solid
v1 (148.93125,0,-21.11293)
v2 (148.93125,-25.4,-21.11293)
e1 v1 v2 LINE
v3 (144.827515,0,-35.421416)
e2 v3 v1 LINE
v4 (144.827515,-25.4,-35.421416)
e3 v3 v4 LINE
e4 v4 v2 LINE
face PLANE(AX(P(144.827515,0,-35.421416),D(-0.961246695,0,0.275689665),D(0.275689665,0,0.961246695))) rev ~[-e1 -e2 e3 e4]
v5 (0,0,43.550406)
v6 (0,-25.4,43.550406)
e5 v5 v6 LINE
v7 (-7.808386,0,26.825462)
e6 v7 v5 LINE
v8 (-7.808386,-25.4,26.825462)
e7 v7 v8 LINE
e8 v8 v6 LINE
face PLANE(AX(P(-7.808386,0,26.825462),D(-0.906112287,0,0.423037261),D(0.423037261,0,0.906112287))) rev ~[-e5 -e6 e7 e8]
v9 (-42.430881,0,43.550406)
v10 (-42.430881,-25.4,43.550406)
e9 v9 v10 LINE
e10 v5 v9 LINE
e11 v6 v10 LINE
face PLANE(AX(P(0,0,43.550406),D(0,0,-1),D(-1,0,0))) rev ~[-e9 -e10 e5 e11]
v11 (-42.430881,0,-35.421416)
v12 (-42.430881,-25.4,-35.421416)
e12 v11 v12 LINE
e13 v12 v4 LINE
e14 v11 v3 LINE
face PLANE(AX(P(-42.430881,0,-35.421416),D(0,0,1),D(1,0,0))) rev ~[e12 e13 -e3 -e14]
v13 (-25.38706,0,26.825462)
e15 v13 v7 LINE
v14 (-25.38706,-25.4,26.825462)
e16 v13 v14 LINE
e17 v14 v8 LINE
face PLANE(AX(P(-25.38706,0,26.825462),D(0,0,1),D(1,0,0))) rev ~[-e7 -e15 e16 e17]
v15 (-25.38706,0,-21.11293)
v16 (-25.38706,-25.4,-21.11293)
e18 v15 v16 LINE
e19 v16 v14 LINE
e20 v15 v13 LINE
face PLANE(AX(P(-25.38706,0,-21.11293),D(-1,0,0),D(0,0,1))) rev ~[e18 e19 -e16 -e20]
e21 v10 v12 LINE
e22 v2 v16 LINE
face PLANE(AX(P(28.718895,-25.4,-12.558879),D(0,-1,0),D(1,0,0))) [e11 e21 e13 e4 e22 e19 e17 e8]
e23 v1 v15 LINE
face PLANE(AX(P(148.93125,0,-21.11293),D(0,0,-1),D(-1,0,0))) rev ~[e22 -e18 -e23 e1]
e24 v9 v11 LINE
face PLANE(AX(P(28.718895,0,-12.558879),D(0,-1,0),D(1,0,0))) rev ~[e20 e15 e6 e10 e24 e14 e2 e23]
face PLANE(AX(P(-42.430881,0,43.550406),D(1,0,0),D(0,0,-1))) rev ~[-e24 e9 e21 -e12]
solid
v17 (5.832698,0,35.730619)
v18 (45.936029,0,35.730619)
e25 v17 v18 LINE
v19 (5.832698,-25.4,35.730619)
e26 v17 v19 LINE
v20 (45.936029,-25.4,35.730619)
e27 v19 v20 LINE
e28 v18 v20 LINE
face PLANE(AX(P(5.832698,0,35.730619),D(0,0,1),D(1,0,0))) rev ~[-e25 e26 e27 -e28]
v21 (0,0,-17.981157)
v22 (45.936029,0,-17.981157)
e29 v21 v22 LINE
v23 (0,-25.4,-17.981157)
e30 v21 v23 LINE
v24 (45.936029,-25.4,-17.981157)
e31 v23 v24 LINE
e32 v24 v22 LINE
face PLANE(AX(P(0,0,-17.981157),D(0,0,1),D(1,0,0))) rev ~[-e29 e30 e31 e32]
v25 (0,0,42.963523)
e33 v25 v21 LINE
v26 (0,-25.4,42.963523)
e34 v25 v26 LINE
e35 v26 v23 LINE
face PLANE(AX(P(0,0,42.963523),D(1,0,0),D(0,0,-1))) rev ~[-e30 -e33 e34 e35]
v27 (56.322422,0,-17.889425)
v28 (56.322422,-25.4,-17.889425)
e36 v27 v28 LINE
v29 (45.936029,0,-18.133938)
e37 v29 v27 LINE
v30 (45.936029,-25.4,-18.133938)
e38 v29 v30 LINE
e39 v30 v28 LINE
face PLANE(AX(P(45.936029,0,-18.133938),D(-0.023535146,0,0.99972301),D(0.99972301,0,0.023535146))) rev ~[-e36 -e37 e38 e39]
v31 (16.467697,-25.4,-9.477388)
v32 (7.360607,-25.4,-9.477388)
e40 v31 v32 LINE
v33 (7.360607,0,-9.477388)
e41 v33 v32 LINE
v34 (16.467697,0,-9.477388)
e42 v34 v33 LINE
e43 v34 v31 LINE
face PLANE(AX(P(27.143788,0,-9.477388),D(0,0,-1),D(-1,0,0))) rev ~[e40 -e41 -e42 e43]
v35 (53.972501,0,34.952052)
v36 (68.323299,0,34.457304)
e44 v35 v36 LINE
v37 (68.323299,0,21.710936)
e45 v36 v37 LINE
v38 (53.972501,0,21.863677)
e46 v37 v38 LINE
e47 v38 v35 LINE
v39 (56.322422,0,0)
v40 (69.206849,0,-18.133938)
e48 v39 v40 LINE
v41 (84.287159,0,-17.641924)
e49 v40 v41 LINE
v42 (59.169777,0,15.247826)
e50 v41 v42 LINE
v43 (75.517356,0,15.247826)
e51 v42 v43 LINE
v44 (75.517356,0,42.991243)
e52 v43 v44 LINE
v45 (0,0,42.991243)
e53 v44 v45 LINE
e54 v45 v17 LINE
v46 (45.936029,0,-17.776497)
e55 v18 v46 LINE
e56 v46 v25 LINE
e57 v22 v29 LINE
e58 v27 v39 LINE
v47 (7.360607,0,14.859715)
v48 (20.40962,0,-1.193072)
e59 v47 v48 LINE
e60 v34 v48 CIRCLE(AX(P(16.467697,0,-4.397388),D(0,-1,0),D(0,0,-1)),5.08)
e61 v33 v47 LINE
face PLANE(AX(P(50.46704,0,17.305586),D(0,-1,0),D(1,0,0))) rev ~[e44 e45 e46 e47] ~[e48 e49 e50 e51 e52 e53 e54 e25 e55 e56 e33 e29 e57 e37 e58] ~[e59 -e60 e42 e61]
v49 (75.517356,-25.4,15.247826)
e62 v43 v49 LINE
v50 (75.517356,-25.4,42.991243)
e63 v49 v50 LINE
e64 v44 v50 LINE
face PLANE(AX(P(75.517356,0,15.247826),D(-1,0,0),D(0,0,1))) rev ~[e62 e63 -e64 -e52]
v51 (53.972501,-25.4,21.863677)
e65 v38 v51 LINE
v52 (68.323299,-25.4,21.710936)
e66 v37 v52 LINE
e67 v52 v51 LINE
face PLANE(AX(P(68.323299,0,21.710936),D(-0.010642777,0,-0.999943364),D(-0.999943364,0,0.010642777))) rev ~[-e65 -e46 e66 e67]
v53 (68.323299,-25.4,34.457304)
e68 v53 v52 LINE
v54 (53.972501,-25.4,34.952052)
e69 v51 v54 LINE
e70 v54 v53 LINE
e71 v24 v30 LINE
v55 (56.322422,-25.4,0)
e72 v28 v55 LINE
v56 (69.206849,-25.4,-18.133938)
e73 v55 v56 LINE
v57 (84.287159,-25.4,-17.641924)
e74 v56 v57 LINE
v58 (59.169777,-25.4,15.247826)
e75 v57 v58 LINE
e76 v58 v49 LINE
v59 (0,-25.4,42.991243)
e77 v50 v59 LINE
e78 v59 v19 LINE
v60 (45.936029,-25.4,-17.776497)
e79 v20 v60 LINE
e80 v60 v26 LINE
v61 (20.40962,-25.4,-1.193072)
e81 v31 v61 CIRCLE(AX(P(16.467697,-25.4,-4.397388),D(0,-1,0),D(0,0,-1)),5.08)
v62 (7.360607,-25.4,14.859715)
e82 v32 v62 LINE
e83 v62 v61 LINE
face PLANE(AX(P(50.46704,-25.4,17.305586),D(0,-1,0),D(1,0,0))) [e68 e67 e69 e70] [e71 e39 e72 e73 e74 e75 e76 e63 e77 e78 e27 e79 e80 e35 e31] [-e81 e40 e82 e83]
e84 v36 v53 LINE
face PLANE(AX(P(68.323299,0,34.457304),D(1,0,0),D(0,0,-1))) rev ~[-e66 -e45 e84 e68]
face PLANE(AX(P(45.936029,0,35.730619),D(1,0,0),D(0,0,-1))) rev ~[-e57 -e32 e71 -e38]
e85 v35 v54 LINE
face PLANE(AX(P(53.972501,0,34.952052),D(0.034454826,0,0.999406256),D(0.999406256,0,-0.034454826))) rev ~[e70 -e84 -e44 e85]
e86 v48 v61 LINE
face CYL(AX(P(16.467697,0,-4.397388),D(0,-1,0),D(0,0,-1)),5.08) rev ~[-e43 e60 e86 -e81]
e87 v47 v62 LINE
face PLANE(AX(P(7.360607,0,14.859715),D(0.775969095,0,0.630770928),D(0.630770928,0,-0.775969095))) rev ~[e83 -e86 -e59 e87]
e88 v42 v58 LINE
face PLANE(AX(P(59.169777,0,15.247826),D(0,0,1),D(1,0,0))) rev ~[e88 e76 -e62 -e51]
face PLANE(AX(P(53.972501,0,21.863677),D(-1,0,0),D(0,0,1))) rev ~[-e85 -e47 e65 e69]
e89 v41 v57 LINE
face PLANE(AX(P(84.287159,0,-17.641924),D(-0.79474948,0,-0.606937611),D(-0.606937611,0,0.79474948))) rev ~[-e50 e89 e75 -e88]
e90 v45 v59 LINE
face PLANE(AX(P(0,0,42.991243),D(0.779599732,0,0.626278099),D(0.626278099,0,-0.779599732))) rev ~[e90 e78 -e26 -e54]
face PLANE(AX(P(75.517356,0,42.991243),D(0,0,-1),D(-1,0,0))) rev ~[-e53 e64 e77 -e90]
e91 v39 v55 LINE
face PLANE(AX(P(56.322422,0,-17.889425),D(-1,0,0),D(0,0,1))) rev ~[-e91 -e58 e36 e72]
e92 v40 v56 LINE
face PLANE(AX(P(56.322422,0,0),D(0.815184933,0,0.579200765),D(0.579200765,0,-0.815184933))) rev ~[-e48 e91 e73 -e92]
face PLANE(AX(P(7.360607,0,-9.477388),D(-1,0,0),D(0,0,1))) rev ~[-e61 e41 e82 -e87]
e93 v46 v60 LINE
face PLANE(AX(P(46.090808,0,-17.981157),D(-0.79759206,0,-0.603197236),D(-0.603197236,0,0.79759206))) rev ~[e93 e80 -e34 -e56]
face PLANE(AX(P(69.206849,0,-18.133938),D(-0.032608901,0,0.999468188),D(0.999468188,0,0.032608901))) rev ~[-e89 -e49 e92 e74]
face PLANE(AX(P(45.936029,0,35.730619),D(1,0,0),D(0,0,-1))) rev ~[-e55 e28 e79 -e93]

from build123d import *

# Parameters (mm, degrees)
F3_DEPTH = 25.4
F4_DEPTH = 25.4
F5_DEPTH = 25.4
F6_R     = 5.08


with BuildPart() as f3:
    # F0 (on Front) → F3 (new body)
    with BuildSketch(Plane.XZ):
        Polygon((-7.808386, 26.825462), (0, 43.550406), (-27.999483, 43.550406), (-42.430881, 43.550406), (-42.430881, -15.979119), (-42.430881, -35.421416), (-8.757614, -35.421416), (38.21101, -35.421416), (92.245594, -35.421416), (144.827515, -35.421416), (148.93125, -21.11293), (0, -21.11293), (-14.712937, -21.11293), (-25.38706, -21.11293), (-25.38706, 26.825462), align=None)
    extrude(amount=F3_DEPTH)


with BuildPart() as f4:
    # F1 (on Front) → F4 (new body)
    with BuildSketch(Plane.XZ):
        Polygon((46.090808, -17.981157), (0, 42.963523), (0, -17.981157), align=None)
        Polygon((7.360607, -9.477388), (7.360607, 14.859715), (27.143788, -9.477388), align=None, mode=Mode.SUBTRACT)
    extrude(amount=F4_DEPTH)

    # F2 (on Front) → F5 (join)
    with BuildSketch(Plane.XZ):
        Polygon((45.936029, 31.041037), (45.936029, -18.133938), (56.322422, -17.889425), (56.322422, 0), (69.206849, -18.133938), (84.287159, -17.641924), (59.169777, 15.247826), (75.517356, 15.247826), (75.517356, 19.100886), (75.517356, 42.991243), (0, 42.991243), (5.832698, 35.730619), (45.936029, 35.730619), align=None)
        Polygon((53.972501, 21.863677), (53.972501, 34.952052), (68.323299, 34.457304), (68.323299, 21.710936), align=None, mode=Mode.SUBTRACT)
    extrude(amount=F5_DEPTH)

    # F6
    f6_edges = [f4.edges().sort_by_distance(p)[0] for p in [
        (27.143788, -12.7, -9.477388),
    ]]
    fillet(f6_edges, radius=F6_R)


solid = Compound([f3.part, f4.part])
